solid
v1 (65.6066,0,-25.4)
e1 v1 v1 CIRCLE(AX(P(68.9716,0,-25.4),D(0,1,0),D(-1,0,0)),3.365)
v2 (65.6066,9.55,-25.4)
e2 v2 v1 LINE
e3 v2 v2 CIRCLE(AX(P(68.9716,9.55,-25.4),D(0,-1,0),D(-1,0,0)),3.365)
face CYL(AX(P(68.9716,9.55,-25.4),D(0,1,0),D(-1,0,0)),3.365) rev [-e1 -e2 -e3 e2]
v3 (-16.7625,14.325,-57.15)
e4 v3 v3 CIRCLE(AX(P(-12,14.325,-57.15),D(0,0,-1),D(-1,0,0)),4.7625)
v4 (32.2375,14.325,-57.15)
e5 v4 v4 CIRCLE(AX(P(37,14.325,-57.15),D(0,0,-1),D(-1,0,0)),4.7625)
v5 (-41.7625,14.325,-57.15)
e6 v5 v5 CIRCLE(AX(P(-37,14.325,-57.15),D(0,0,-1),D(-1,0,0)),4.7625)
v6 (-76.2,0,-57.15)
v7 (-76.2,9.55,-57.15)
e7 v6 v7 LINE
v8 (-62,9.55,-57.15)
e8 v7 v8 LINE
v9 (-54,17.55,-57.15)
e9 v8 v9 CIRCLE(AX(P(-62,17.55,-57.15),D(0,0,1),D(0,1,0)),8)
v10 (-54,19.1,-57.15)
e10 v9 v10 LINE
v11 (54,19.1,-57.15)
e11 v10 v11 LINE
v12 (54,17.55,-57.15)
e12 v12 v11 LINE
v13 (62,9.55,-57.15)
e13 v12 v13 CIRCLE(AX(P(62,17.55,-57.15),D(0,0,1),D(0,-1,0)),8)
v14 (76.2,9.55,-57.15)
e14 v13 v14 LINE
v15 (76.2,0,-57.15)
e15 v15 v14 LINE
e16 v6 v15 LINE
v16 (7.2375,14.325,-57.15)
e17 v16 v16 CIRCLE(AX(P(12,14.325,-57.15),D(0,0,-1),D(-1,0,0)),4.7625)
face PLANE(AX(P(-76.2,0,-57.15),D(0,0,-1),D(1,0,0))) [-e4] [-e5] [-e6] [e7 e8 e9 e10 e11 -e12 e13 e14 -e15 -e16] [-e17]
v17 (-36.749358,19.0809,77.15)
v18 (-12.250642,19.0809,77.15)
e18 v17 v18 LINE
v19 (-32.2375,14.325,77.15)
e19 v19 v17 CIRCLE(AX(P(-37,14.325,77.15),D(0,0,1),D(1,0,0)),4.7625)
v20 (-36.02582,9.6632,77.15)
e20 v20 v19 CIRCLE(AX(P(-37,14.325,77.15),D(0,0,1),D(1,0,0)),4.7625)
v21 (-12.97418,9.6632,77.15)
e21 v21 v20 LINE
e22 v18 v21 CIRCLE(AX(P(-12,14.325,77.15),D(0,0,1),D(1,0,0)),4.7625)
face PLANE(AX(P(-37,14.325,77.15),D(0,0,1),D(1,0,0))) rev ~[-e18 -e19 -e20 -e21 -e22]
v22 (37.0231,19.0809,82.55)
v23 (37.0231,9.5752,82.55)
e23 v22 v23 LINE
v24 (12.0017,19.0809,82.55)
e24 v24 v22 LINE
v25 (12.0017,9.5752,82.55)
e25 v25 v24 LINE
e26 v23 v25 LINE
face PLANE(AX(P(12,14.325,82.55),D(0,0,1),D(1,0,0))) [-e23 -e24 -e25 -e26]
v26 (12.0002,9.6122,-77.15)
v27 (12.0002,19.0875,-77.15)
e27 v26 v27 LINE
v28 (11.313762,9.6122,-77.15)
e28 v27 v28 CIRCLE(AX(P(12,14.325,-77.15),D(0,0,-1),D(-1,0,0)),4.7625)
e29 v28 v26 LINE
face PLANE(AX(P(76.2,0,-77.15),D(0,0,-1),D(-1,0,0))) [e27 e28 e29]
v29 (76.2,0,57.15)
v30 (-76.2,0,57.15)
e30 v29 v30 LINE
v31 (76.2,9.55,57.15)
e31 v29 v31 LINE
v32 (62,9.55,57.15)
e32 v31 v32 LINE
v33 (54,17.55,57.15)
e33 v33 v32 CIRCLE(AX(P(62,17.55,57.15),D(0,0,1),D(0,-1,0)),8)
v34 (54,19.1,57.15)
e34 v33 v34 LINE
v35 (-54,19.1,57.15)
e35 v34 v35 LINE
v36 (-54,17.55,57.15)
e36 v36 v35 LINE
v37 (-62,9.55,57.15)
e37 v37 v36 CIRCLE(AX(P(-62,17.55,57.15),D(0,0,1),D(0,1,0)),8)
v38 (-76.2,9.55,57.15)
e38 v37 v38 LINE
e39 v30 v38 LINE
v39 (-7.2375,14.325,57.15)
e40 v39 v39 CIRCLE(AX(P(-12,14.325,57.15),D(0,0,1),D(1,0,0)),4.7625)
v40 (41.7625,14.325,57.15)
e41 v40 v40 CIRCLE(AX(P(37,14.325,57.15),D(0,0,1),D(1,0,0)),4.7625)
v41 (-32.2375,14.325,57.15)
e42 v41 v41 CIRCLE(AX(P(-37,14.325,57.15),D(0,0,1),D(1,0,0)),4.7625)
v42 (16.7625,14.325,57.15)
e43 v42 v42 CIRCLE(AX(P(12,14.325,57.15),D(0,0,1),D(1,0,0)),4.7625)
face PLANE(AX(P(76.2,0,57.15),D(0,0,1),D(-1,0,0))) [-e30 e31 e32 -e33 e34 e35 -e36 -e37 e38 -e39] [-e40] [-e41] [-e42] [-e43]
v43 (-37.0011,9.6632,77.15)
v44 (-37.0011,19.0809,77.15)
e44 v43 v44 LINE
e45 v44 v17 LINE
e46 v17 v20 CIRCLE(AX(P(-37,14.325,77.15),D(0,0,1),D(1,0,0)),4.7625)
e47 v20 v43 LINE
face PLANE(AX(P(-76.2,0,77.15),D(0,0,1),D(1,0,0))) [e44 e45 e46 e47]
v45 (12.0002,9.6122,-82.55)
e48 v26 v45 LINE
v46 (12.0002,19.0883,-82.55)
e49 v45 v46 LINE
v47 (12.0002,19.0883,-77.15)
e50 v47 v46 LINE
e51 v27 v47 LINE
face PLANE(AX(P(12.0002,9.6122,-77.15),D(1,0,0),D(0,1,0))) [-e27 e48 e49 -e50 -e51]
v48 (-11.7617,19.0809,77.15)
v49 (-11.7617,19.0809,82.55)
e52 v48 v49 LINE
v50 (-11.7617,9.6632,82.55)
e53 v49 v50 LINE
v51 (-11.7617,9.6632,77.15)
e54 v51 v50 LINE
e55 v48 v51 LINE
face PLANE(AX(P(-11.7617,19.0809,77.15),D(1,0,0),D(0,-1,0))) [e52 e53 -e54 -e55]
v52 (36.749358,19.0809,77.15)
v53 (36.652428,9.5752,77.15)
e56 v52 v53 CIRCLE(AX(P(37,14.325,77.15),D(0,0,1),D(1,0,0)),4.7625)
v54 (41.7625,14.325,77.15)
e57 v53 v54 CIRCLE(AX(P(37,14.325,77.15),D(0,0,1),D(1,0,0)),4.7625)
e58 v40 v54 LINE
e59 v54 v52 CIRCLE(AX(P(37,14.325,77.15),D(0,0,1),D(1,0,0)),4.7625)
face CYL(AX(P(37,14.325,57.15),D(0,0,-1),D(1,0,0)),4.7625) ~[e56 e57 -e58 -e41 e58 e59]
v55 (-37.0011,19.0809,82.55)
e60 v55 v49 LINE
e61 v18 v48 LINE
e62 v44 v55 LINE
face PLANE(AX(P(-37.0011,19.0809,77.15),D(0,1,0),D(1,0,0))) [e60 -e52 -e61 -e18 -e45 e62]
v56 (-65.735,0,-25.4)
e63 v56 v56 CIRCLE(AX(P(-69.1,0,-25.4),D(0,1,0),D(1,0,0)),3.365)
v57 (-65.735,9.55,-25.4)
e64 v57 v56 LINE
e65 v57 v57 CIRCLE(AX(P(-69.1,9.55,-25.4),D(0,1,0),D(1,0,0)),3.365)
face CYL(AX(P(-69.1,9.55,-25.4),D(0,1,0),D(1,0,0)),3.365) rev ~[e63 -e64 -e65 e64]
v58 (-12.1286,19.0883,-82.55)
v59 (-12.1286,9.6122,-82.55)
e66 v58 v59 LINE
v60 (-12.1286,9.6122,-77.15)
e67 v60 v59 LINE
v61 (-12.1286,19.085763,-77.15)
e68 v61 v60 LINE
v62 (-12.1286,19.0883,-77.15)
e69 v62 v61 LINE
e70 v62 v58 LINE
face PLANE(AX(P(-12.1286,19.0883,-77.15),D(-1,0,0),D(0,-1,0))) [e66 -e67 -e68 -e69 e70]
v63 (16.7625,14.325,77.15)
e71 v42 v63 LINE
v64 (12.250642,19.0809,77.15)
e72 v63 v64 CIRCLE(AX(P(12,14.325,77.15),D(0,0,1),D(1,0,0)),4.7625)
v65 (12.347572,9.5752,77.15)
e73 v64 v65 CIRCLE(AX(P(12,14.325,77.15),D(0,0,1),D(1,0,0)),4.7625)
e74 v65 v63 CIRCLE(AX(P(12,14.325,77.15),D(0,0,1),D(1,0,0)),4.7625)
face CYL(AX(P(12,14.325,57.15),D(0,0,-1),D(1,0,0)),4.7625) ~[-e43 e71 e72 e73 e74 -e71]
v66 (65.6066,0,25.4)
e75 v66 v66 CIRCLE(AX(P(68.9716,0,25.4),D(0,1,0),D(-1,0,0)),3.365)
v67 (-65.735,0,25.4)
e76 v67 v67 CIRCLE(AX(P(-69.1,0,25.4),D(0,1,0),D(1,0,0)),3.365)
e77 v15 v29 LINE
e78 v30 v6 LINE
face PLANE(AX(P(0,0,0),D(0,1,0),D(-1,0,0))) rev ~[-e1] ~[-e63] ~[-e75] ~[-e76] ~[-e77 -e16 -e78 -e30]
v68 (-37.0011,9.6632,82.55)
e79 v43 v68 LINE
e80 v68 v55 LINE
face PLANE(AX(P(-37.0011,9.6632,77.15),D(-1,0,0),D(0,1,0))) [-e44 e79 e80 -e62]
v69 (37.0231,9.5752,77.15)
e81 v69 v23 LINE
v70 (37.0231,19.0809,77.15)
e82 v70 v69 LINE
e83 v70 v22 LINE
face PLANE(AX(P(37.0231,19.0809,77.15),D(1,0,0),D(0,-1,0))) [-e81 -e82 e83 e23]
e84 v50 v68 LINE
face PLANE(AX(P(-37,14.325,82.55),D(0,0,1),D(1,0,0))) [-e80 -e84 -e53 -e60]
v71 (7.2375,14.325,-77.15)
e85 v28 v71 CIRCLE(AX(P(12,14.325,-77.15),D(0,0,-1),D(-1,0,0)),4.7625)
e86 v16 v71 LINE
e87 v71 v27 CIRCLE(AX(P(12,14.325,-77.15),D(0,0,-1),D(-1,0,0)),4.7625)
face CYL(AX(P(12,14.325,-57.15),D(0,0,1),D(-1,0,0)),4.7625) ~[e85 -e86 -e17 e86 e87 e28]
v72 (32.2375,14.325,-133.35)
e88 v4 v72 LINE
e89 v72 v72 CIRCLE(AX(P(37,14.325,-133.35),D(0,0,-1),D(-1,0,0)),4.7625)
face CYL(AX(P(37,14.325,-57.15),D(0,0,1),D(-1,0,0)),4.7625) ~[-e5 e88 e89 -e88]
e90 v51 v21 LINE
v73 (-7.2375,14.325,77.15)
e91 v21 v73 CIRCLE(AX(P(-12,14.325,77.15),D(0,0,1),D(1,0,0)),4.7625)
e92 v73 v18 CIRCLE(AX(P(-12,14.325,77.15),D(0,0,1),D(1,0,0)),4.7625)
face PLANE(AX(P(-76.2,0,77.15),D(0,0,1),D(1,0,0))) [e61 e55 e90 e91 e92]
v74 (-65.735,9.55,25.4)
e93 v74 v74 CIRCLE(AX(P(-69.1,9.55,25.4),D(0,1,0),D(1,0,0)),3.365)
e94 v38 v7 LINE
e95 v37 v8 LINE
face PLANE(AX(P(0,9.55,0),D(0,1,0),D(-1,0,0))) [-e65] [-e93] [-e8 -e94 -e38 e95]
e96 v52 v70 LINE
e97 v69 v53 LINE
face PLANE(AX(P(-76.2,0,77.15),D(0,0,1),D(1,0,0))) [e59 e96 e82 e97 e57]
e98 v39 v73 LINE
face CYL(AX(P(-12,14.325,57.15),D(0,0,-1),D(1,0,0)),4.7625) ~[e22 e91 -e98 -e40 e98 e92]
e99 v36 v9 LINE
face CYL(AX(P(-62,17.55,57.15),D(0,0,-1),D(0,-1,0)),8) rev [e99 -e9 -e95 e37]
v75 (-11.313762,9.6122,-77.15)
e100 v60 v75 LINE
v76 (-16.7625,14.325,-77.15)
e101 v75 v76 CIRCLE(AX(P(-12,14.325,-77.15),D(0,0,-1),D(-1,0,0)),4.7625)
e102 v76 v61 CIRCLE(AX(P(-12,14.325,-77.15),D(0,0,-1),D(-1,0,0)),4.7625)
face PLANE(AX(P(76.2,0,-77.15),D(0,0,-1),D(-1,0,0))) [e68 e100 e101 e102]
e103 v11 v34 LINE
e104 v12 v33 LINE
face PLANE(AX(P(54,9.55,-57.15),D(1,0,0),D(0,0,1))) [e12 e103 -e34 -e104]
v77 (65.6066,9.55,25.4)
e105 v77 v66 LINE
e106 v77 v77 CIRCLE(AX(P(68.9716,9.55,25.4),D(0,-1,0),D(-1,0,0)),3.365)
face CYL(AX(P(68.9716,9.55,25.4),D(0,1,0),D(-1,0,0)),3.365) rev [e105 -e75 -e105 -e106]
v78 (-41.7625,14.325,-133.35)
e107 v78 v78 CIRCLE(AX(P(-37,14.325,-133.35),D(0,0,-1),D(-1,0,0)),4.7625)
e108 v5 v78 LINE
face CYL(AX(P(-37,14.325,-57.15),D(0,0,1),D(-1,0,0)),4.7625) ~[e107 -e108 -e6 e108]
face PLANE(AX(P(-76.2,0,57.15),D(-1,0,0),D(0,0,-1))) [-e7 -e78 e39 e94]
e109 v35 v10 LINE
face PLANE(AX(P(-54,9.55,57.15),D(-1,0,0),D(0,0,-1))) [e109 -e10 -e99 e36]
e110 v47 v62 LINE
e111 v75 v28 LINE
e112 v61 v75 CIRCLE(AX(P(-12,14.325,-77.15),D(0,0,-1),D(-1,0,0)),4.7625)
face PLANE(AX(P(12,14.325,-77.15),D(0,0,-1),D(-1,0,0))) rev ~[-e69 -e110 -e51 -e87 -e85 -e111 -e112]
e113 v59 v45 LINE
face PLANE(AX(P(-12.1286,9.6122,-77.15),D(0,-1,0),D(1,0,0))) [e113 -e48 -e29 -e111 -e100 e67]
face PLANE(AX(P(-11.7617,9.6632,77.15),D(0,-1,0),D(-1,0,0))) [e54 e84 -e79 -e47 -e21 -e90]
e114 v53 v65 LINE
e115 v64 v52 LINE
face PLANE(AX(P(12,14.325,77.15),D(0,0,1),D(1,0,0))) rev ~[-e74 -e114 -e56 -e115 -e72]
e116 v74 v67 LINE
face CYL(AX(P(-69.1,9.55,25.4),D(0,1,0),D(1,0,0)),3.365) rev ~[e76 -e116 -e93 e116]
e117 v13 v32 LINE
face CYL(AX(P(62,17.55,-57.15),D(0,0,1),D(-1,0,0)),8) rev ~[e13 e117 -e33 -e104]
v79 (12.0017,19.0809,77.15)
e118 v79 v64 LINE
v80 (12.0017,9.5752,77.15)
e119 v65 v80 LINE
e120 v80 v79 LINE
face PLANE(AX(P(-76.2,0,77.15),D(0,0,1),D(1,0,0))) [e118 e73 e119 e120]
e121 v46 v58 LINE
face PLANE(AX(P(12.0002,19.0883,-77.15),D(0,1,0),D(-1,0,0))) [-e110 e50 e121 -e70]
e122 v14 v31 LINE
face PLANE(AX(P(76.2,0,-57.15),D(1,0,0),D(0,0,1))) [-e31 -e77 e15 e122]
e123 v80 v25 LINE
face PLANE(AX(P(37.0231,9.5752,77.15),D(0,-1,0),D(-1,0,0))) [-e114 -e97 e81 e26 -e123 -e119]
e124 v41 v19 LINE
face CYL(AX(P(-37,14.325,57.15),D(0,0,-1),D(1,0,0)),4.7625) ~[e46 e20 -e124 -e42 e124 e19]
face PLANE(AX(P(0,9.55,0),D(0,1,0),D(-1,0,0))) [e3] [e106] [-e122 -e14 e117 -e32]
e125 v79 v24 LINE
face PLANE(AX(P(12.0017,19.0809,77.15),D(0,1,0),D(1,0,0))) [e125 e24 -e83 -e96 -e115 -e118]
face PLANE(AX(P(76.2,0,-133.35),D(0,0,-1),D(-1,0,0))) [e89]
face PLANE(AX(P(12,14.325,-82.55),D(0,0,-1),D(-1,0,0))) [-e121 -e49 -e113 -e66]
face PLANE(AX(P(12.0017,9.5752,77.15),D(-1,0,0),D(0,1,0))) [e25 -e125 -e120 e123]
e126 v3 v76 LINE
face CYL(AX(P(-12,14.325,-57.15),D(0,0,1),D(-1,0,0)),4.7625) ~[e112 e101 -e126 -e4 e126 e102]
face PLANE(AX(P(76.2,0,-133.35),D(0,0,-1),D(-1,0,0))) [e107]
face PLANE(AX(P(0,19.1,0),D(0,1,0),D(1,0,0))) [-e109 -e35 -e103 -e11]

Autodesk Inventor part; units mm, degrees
ref_plane "YZ Plane" through (0, 0, 0) normal (1, 0, 0) x (0, 1, 0)
ref_plane "XZ Plane" through (0, 0, 0) normal (0, 1, 0) x (-1, 0, 0)
sketch "Sketch1" plane through (0, 0, 0) normal (0, 1, 0) x (-1, 0, 0)
  line L0 (-76.2, 57.15) -> (76.2, 57.15)
  line L1 (76.2, 57.15) -> (76.2, -57.15)
  line L2 (76.2, -57.15) -> (-76.2, -57.15)
  line L3 (-76.2, -57.15) -> (-76.2, 57.15)
  line L4 (-76.2, 57.15) -> (76.2, -57.15) construction
  line L5 (76.2, 57.15) -> (-76.2, -57.15) construction
  point P0 (0, 0)
  dimension "d0" = 152.4
  dimension "d1" = 114.3
extrude "Extrusion1" add sketch "Sketch1" along normal blind 9.55
sketch "Sketch2" plane through (0, 9.55, 0) normal (0, 1, 0) x (1, 0, 0)
  line L0 (54, -57.15) -> (-54, -57.15)
  line L1 (-54, -57.15) -> (-54, 57.15)
  line L2 (-54, 57.15) -> (54, 57.15)
  line L3 (54, 57.15) -> (54, -57.15)
  line L4 (54, -57.15) -> (-54, 57.15) construction
  line L5 (-54, -57.15) -> (54, 57.15) construction
  point P0 (0, 0)
  dimension "d4" = 108
  dimension "d5" = 114.3
extrude "Extrusion2" add sketch "Sketch2" along normal blind 9.55
fillet "Fillet1" radius 8 1 edges at (-54, 9.55, 0)
fillet "Fillet2" radius 8 1 edges at (54, 9.55, 0)
sketch "Sketch3" plane through (-76.2, 0, 57.15) normal (0, 0, 1) x (1, 0, 0)
  line L0 (0, 0) -> (0, 9.55) construction
  line L1 (0, 9.55) -> (0, 14.325) construction
  line L2 (0, 14.325) -> (152.4, 14.325) construction
  circle A0 centre (39.2, 14.325) radius 4.7625
  circle A1 centre (64.2, 14.325) radius 4.7625
  circle A2 centre (88.2, 14.325) radius 4.7625
  circle A3 centre (113.2, 14.325) radius 4.7625
  arc A4 (130.2, 17.55) -> (138.2, 9.55) centre (138.2, 17.55) ccw projected
  arc A5 (14.2, 9.55) -> (22.2, 17.55) centre (14.2, 17.55) ccw projected
  point P0 (76.2, 0)
  dimension "d10" = 9.55
  dimension "d11" = 4.775
  dimension "d12" = 152.4
  dimension "d13" = 9.525
  dimension "d14" = 9.525
  dimension "d15" = 9.525
  dimension "d16" = 9.525
  dimension "d17" = 25
  dimension "d18" = 25
  dimension "d19" = 25
  dimension "d20" = 25
extrude "Extrusion3" add sketch "Sketch3" along normal blind 20
sketch "Sketch4" plane through (-37, 14.325, 77.15) normal (0, 0, 1) x (1, 0, 0)
  line L0 (-0.0011, 4.7559) -> (25.2383, 4.7559)
  line L1 (25.2383, 4.7559) -> (25.2383, -4.6618)
  line L2 (25.2383, -4.6618) -> (-0.0011, -4.6618)
  line L3 (-0.0011, -4.6618) -> (-0.0011, 4.7559)
  point P0 (37, -14.325)
extrude "Extrusion4" add sketch "Sketch4" along normal blind 5.4
sketch "Sketch5" plane through (12, 14.325, 77.15) normal (0, 0, 1) x (1, 0, 0)
  line L0 (0.0017, 4.7559) -> (25.0231, 4.7559)
  line L1 (25.0231, 4.7559) -> (25.0231, -4.7498)
  line L2 (25.0231, -4.7498) -> (0.0017, -4.7498)
  line L3 (0.0017, -4.7498) -> (0.0017, 4.7559)
  point P0 (-12, -14.325)
extrude "Extrusion5" add sketch "Sketch5" along normal blind 5.4
sketch "Sketch6" plane through (76.2, 0, -57.15) normal (0, 0, -1) x (-1, 0, 0)
  circle A0 centre (39.2, 14.325) radius 4.7625 projected
  circle A1 centre (113.2, 14.325) radius 4.7625 projected
  circle A2 centre (39.2, 14.325) radius 4.7625
  circle A3 centre (113.2, 14.325) radius 4.7625
  point P0 (76.2, 0)
extrude "Extrusion6" add sketch "Sketch6" along normal blind 76.2
sketch "Sketch7" plane through (76.2, 0, -57.15) normal (0, 0, -1) x (-1, 0, 0)
  circle A0 centre (64.2, 14.325) radius 4.7625 projected
  circle A1 centre (88.2, 14.325) radius 4.7625 projected
  circle A2 centre (64.2, 14.325) radius 4.7625
  circle A3 centre (88.2, 14.325) radius 4.7625
  point P0 (76.2, 0)
extrude "Extrusion7" add sketch "Sketch7" along normal blind 20
sketch "Sketch8" plane through (12, 14.325, -77.15) normal (0, 0, -1) x (-1, 0, 0)
  line L0 (-0.0002, 4.7633) -> (24.1286, 4.7633)
  line L1 (24.1286, 4.7633) -> (24.1286, -4.7128)
  line L2 (24.1286, -4.7128) -> (-0.0002, -4.7128)
  line L3 (-0.0002, -4.7128) -> (-0.0002, 4.7633)
  point P0 (12, -14.325)
extrude "Extrusion8" add sketch "Sketch8" along normal blind 5.4
sketch "Sketch9" plane through (0, 9.55, 0) normal (0, 1, 0) x (1, 0, 0)
  line L0 (-76.2, 57.15) -> (-76.2, -57.15) construction
  line L1 (-76.2, -57.15) -> (-62, -57.15) construction
  line L2 (-62, 57.15) -> (-62, -57.15) construction
  line L3 (-62, 57.15) -> (-76.2, 57.15) construction
  line L4 (76.2, 57.15) -> (62, 57.15) construction
  line L5 (76.2, -57.15) -> (76.2, 57.15) construction
  line L6 (62, -57.15) -> (62, 57.15) construction
  line L7 (62, -57.15) -> (76.2, -57.15) construction
  line L8 (-76.2, -57.15) -> (-62, -57.15) construction
  line L9 (-69.1, 0) -> (-69.1, -25.4) construction
  line L10 (-69.1, 0) -> (-69.1, 25.4) construction
  circle A0 centre (-69.1, 25.4) radius 3.365
  circle A1 centre (-69.1, -25.4) radius 3.365
  point P0 (0, 0)
  dimension "d36" = 25.4
  dimension "d37" = 25.4
  dimension "d38" = 6.73
  dimension "d39" = 6.73
extrude "Extrusion9" cut sketch "Sketch9" against normal blind 10
ref_plane "Work Plane1" through (-0.0642, 19.0883, -82.55) normal (-1, 0, 0) x (0, 0, 1)
mirror "Mirror1" about plane through (-0.0642, 19.0883, -82.55) normal (-1, 0, 0) of "Extrusion9"
properties part number "cooling plate"
